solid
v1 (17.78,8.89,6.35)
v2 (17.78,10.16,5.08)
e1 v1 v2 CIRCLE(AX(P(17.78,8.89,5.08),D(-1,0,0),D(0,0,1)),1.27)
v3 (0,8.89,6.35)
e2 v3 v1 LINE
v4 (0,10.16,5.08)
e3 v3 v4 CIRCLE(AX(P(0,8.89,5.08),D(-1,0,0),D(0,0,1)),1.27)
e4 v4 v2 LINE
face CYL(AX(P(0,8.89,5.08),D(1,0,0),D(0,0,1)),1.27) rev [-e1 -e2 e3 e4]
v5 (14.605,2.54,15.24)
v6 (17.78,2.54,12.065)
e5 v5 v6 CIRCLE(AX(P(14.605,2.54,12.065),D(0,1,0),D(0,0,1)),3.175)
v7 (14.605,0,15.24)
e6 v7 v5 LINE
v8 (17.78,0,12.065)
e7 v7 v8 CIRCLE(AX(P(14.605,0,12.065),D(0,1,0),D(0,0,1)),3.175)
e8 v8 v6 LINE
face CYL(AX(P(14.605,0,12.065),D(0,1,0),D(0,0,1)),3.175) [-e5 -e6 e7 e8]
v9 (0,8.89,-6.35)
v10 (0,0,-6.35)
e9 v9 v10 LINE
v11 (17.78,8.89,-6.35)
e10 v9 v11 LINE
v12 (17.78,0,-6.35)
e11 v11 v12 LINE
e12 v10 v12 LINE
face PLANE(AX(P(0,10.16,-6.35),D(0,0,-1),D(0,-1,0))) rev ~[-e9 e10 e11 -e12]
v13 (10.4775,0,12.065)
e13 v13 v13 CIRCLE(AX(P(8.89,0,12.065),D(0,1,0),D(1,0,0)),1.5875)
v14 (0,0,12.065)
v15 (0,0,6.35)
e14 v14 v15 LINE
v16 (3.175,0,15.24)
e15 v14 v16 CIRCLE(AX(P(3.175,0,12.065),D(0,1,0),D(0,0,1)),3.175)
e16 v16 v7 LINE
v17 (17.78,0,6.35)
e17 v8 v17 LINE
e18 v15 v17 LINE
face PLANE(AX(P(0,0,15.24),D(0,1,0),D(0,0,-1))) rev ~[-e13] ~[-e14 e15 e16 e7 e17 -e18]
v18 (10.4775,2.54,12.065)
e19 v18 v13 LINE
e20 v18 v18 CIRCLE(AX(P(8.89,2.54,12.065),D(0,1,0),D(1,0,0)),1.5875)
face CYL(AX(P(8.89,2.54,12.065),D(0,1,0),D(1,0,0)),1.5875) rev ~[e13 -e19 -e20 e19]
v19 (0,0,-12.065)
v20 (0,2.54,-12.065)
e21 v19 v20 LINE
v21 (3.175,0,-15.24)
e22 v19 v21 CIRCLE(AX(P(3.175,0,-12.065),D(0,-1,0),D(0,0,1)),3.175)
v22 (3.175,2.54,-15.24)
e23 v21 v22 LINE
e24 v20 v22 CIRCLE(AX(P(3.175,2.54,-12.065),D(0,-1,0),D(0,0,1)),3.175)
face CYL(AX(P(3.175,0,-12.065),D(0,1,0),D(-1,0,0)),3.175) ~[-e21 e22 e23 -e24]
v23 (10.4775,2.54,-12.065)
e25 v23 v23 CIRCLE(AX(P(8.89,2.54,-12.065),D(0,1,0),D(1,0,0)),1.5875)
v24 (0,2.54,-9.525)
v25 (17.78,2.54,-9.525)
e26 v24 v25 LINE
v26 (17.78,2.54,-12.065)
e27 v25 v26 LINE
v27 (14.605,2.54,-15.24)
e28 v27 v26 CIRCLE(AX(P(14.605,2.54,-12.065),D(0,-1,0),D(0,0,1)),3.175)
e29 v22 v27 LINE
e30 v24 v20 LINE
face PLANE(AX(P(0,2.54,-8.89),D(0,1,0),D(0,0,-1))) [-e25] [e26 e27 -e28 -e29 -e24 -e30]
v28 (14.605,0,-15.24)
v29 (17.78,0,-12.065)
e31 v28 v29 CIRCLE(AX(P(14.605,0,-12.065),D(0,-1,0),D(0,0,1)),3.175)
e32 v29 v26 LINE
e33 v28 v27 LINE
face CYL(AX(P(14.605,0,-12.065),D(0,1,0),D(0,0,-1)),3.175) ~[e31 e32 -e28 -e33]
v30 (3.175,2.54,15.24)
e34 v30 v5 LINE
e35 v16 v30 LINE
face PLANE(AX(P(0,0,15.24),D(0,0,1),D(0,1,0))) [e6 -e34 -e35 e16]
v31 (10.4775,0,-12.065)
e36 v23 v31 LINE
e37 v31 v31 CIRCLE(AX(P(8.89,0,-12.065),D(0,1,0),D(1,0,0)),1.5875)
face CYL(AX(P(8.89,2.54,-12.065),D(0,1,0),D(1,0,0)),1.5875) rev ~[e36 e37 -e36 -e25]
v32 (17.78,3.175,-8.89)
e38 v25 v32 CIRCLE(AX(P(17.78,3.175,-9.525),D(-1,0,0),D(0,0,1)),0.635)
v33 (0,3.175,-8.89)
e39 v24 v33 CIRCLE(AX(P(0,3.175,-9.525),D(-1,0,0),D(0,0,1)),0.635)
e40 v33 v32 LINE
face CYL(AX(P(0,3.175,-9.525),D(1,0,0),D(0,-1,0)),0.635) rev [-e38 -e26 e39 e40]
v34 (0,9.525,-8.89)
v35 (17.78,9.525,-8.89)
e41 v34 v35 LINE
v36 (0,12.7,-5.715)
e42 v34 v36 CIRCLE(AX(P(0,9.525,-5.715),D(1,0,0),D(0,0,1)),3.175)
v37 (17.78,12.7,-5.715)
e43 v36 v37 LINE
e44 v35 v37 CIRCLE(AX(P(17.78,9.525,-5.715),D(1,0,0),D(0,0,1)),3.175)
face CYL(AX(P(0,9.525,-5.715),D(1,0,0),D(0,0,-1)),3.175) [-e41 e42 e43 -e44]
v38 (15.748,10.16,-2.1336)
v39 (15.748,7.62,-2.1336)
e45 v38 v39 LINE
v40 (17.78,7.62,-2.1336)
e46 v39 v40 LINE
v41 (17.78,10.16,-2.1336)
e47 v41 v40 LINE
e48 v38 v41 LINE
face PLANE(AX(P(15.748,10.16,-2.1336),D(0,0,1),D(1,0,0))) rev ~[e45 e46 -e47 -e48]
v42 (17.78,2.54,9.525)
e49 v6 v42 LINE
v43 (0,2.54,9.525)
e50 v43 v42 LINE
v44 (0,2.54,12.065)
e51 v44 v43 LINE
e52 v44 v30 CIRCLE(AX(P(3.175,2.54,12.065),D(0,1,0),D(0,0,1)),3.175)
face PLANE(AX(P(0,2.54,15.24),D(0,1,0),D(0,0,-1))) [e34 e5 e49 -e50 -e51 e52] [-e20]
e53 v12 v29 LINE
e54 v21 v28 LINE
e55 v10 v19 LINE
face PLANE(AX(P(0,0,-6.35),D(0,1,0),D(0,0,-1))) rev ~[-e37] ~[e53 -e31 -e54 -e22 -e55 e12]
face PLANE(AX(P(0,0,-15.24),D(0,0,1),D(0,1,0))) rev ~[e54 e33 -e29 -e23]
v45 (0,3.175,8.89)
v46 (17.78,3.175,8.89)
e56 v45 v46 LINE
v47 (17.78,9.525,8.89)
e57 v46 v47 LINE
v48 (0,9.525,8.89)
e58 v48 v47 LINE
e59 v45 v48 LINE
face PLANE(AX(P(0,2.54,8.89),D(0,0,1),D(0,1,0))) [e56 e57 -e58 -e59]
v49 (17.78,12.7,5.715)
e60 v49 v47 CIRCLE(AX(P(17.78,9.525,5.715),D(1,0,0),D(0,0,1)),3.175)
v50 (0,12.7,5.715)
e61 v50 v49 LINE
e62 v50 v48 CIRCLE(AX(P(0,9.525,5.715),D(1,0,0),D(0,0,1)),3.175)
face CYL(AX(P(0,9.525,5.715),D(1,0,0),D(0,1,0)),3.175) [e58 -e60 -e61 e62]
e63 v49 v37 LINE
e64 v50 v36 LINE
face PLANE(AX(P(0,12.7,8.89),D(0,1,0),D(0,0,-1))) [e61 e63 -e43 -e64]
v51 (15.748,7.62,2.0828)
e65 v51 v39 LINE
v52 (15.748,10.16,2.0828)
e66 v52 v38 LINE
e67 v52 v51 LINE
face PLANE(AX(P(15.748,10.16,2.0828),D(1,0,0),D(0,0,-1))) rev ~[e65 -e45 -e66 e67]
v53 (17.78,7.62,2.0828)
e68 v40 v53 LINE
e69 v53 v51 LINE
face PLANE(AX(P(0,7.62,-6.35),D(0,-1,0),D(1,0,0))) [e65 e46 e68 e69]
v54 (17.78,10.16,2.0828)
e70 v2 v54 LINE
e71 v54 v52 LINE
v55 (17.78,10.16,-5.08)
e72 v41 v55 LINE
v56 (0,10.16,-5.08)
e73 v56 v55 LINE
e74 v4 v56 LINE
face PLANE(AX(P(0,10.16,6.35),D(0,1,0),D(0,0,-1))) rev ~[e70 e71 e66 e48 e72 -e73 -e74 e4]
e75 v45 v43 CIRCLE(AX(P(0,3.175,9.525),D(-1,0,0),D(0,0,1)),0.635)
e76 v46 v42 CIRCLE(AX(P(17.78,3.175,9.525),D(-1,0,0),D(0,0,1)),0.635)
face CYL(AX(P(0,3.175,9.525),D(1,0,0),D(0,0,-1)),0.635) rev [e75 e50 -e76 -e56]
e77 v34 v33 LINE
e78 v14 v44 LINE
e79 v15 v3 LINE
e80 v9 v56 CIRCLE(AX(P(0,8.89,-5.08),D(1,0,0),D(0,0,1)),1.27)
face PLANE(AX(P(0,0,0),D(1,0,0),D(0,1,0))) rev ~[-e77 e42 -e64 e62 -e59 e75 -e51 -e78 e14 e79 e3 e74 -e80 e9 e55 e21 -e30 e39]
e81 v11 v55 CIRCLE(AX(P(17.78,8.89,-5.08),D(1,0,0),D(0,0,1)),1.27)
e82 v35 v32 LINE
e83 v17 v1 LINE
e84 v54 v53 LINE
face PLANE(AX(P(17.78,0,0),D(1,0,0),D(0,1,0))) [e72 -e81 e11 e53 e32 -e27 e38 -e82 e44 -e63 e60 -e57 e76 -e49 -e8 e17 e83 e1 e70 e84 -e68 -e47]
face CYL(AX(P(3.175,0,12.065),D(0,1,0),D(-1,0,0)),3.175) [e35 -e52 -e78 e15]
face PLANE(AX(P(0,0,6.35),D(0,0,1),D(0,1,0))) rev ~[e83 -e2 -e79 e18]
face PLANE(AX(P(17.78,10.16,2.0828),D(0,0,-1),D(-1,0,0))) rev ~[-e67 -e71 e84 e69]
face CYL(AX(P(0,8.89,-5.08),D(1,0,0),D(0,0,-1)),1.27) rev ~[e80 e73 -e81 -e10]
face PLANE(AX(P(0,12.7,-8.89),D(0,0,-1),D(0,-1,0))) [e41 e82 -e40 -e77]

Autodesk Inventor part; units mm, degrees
ref_plane "YZ Plane" through (0, 0, 0) normal (1, 0, 0) x (0, 1, 0)
ref_plane "XZ Plane" through (0, 0, 0) normal (0, 1, 0) x (-1, 0, 0)
ref_plane "XY Plane" through (0, 0, 0) normal (0, 0, 1) x (1, 0, 0)
sketch "Sketch1" plane through (0, 0, 0) normal (1, 0, 0) x (0, 1, 0)
  line L0 (0, 15.24) -> (2.54, 15.24)
  line L1 (2.54, 15.24) -> (2.54, 8.89)
  line L2 (2.54, 8.89) -> (12.7, 8.89)
  line L3 (12.7, 8.89) -> (12.7, -8.89)
  line L4 (12.7, -8.89) -> (2.54, -8.89)
  line L5 (2.54, -8.89) -> (2.54, -15.24)
  line L6 (0, 15.24) -> (0, 6.35)
  line L7 (0, 6.35) -> (10.16, 6.35)
  line L8 (10.16, 6.35) -> (10.16, -6.35)
  line L9 (10.16, -6.35) -> (0, -6.35)
  line L10 (0, -6.35) -> (0, -15.24)
  line L11 (0, -15.24) -> (2.54, -15.24)
  point P0 (0, 0)
  dimension "d0" = 12.7
  dimension "d1" = 10.16
  dimension "d2" = 12.7
  dimension "d3" = 17.78
  dimension "d4" = 2.54
  dimension "d5" = 6.35
  dimension "d6" = 2.54
  dimension "d7" = 8.89
  dimension "d8" = 8.89
extrude "Extrusion1" add sketch "Sketch1" along normal blind 17.78
sketch "Sketch2" plane through (0, 10.16, -6.35) normal (0, -1, 0) x (1, 0, 0)
  line L0 (17.78, 8.4328) -> (15.748, 8.4328)
  line L1 (15.748, 8.4328) -> (15.748, 4.2164)
  line L2 (15.748, 4.2164) -> (17.78, 4.2164)
  line L3 (17.78, 4.2164) -> (17.78, 8.4328)
  line L4 (17.78, 12.7) -> (17.78, 0) projected
  line L5 (0, 0) -> (17.78, 0) projected
  point P0 (0, 6.35)
  dimension "d11" = 2.032
  dimension "d12" = 0
  dimension "d13" = 4.2164
  dimension "d14" = 4.2164
extrude "Extrusion2" add sketch "Sketch2" along normal blind 2.54
fillet "Fillet1" radius 1.27 2 edges at (8.89, 10.16, 6.35) (8.89, 10.16, -6.35)
fillet "Fillet2" radius 3.175 2 edges at (8.89, 12.7, 8.89) (8.89, 12.7, -8.89)
sketch "Sketch3" plane through (0, 2.54, 15.24) normal (0, 1, 0) x (1, 0, 0)
  circle A0 centre (8.89, 3.175) radius 1.5875
  circle A1 centre (8.89, 27.305) radius 1.5875
  line L0 (0, 24.13) -> (0, 30.48) projected
  line L1 (0, 0) -> (0, 6.35) projected
  line L2 (0, 0) -> (17.78, 0) projected
  line L3 (0, 30.48) -> (17.78, 30.48) projected
  point P0 (0, 15.24)
  dimension "d19" = 3.175
  dimension "d20" = 3.175
  dimension "d21" = 8.89
  dimension "d22" = 8.89
  dimension "d23" = 3.175
  dimension "d24" = 3.175
fillet "Fillet3" radius 3.175 4 edges at (17.78, 1.27, 15.24) (17.78, 1.27, -15.24) (0, 1.27, -15.24) (0, 1.27, 15.24)
extrude "Extrusion3" cut sketch "Sketch3" against normal blind 6.985
fillet "Fillet4" radius 0.635 2 edges at (8.89, 2.54, 8.89) (8.89, 2.54, -8.89)
properties part number "MotorCap"
